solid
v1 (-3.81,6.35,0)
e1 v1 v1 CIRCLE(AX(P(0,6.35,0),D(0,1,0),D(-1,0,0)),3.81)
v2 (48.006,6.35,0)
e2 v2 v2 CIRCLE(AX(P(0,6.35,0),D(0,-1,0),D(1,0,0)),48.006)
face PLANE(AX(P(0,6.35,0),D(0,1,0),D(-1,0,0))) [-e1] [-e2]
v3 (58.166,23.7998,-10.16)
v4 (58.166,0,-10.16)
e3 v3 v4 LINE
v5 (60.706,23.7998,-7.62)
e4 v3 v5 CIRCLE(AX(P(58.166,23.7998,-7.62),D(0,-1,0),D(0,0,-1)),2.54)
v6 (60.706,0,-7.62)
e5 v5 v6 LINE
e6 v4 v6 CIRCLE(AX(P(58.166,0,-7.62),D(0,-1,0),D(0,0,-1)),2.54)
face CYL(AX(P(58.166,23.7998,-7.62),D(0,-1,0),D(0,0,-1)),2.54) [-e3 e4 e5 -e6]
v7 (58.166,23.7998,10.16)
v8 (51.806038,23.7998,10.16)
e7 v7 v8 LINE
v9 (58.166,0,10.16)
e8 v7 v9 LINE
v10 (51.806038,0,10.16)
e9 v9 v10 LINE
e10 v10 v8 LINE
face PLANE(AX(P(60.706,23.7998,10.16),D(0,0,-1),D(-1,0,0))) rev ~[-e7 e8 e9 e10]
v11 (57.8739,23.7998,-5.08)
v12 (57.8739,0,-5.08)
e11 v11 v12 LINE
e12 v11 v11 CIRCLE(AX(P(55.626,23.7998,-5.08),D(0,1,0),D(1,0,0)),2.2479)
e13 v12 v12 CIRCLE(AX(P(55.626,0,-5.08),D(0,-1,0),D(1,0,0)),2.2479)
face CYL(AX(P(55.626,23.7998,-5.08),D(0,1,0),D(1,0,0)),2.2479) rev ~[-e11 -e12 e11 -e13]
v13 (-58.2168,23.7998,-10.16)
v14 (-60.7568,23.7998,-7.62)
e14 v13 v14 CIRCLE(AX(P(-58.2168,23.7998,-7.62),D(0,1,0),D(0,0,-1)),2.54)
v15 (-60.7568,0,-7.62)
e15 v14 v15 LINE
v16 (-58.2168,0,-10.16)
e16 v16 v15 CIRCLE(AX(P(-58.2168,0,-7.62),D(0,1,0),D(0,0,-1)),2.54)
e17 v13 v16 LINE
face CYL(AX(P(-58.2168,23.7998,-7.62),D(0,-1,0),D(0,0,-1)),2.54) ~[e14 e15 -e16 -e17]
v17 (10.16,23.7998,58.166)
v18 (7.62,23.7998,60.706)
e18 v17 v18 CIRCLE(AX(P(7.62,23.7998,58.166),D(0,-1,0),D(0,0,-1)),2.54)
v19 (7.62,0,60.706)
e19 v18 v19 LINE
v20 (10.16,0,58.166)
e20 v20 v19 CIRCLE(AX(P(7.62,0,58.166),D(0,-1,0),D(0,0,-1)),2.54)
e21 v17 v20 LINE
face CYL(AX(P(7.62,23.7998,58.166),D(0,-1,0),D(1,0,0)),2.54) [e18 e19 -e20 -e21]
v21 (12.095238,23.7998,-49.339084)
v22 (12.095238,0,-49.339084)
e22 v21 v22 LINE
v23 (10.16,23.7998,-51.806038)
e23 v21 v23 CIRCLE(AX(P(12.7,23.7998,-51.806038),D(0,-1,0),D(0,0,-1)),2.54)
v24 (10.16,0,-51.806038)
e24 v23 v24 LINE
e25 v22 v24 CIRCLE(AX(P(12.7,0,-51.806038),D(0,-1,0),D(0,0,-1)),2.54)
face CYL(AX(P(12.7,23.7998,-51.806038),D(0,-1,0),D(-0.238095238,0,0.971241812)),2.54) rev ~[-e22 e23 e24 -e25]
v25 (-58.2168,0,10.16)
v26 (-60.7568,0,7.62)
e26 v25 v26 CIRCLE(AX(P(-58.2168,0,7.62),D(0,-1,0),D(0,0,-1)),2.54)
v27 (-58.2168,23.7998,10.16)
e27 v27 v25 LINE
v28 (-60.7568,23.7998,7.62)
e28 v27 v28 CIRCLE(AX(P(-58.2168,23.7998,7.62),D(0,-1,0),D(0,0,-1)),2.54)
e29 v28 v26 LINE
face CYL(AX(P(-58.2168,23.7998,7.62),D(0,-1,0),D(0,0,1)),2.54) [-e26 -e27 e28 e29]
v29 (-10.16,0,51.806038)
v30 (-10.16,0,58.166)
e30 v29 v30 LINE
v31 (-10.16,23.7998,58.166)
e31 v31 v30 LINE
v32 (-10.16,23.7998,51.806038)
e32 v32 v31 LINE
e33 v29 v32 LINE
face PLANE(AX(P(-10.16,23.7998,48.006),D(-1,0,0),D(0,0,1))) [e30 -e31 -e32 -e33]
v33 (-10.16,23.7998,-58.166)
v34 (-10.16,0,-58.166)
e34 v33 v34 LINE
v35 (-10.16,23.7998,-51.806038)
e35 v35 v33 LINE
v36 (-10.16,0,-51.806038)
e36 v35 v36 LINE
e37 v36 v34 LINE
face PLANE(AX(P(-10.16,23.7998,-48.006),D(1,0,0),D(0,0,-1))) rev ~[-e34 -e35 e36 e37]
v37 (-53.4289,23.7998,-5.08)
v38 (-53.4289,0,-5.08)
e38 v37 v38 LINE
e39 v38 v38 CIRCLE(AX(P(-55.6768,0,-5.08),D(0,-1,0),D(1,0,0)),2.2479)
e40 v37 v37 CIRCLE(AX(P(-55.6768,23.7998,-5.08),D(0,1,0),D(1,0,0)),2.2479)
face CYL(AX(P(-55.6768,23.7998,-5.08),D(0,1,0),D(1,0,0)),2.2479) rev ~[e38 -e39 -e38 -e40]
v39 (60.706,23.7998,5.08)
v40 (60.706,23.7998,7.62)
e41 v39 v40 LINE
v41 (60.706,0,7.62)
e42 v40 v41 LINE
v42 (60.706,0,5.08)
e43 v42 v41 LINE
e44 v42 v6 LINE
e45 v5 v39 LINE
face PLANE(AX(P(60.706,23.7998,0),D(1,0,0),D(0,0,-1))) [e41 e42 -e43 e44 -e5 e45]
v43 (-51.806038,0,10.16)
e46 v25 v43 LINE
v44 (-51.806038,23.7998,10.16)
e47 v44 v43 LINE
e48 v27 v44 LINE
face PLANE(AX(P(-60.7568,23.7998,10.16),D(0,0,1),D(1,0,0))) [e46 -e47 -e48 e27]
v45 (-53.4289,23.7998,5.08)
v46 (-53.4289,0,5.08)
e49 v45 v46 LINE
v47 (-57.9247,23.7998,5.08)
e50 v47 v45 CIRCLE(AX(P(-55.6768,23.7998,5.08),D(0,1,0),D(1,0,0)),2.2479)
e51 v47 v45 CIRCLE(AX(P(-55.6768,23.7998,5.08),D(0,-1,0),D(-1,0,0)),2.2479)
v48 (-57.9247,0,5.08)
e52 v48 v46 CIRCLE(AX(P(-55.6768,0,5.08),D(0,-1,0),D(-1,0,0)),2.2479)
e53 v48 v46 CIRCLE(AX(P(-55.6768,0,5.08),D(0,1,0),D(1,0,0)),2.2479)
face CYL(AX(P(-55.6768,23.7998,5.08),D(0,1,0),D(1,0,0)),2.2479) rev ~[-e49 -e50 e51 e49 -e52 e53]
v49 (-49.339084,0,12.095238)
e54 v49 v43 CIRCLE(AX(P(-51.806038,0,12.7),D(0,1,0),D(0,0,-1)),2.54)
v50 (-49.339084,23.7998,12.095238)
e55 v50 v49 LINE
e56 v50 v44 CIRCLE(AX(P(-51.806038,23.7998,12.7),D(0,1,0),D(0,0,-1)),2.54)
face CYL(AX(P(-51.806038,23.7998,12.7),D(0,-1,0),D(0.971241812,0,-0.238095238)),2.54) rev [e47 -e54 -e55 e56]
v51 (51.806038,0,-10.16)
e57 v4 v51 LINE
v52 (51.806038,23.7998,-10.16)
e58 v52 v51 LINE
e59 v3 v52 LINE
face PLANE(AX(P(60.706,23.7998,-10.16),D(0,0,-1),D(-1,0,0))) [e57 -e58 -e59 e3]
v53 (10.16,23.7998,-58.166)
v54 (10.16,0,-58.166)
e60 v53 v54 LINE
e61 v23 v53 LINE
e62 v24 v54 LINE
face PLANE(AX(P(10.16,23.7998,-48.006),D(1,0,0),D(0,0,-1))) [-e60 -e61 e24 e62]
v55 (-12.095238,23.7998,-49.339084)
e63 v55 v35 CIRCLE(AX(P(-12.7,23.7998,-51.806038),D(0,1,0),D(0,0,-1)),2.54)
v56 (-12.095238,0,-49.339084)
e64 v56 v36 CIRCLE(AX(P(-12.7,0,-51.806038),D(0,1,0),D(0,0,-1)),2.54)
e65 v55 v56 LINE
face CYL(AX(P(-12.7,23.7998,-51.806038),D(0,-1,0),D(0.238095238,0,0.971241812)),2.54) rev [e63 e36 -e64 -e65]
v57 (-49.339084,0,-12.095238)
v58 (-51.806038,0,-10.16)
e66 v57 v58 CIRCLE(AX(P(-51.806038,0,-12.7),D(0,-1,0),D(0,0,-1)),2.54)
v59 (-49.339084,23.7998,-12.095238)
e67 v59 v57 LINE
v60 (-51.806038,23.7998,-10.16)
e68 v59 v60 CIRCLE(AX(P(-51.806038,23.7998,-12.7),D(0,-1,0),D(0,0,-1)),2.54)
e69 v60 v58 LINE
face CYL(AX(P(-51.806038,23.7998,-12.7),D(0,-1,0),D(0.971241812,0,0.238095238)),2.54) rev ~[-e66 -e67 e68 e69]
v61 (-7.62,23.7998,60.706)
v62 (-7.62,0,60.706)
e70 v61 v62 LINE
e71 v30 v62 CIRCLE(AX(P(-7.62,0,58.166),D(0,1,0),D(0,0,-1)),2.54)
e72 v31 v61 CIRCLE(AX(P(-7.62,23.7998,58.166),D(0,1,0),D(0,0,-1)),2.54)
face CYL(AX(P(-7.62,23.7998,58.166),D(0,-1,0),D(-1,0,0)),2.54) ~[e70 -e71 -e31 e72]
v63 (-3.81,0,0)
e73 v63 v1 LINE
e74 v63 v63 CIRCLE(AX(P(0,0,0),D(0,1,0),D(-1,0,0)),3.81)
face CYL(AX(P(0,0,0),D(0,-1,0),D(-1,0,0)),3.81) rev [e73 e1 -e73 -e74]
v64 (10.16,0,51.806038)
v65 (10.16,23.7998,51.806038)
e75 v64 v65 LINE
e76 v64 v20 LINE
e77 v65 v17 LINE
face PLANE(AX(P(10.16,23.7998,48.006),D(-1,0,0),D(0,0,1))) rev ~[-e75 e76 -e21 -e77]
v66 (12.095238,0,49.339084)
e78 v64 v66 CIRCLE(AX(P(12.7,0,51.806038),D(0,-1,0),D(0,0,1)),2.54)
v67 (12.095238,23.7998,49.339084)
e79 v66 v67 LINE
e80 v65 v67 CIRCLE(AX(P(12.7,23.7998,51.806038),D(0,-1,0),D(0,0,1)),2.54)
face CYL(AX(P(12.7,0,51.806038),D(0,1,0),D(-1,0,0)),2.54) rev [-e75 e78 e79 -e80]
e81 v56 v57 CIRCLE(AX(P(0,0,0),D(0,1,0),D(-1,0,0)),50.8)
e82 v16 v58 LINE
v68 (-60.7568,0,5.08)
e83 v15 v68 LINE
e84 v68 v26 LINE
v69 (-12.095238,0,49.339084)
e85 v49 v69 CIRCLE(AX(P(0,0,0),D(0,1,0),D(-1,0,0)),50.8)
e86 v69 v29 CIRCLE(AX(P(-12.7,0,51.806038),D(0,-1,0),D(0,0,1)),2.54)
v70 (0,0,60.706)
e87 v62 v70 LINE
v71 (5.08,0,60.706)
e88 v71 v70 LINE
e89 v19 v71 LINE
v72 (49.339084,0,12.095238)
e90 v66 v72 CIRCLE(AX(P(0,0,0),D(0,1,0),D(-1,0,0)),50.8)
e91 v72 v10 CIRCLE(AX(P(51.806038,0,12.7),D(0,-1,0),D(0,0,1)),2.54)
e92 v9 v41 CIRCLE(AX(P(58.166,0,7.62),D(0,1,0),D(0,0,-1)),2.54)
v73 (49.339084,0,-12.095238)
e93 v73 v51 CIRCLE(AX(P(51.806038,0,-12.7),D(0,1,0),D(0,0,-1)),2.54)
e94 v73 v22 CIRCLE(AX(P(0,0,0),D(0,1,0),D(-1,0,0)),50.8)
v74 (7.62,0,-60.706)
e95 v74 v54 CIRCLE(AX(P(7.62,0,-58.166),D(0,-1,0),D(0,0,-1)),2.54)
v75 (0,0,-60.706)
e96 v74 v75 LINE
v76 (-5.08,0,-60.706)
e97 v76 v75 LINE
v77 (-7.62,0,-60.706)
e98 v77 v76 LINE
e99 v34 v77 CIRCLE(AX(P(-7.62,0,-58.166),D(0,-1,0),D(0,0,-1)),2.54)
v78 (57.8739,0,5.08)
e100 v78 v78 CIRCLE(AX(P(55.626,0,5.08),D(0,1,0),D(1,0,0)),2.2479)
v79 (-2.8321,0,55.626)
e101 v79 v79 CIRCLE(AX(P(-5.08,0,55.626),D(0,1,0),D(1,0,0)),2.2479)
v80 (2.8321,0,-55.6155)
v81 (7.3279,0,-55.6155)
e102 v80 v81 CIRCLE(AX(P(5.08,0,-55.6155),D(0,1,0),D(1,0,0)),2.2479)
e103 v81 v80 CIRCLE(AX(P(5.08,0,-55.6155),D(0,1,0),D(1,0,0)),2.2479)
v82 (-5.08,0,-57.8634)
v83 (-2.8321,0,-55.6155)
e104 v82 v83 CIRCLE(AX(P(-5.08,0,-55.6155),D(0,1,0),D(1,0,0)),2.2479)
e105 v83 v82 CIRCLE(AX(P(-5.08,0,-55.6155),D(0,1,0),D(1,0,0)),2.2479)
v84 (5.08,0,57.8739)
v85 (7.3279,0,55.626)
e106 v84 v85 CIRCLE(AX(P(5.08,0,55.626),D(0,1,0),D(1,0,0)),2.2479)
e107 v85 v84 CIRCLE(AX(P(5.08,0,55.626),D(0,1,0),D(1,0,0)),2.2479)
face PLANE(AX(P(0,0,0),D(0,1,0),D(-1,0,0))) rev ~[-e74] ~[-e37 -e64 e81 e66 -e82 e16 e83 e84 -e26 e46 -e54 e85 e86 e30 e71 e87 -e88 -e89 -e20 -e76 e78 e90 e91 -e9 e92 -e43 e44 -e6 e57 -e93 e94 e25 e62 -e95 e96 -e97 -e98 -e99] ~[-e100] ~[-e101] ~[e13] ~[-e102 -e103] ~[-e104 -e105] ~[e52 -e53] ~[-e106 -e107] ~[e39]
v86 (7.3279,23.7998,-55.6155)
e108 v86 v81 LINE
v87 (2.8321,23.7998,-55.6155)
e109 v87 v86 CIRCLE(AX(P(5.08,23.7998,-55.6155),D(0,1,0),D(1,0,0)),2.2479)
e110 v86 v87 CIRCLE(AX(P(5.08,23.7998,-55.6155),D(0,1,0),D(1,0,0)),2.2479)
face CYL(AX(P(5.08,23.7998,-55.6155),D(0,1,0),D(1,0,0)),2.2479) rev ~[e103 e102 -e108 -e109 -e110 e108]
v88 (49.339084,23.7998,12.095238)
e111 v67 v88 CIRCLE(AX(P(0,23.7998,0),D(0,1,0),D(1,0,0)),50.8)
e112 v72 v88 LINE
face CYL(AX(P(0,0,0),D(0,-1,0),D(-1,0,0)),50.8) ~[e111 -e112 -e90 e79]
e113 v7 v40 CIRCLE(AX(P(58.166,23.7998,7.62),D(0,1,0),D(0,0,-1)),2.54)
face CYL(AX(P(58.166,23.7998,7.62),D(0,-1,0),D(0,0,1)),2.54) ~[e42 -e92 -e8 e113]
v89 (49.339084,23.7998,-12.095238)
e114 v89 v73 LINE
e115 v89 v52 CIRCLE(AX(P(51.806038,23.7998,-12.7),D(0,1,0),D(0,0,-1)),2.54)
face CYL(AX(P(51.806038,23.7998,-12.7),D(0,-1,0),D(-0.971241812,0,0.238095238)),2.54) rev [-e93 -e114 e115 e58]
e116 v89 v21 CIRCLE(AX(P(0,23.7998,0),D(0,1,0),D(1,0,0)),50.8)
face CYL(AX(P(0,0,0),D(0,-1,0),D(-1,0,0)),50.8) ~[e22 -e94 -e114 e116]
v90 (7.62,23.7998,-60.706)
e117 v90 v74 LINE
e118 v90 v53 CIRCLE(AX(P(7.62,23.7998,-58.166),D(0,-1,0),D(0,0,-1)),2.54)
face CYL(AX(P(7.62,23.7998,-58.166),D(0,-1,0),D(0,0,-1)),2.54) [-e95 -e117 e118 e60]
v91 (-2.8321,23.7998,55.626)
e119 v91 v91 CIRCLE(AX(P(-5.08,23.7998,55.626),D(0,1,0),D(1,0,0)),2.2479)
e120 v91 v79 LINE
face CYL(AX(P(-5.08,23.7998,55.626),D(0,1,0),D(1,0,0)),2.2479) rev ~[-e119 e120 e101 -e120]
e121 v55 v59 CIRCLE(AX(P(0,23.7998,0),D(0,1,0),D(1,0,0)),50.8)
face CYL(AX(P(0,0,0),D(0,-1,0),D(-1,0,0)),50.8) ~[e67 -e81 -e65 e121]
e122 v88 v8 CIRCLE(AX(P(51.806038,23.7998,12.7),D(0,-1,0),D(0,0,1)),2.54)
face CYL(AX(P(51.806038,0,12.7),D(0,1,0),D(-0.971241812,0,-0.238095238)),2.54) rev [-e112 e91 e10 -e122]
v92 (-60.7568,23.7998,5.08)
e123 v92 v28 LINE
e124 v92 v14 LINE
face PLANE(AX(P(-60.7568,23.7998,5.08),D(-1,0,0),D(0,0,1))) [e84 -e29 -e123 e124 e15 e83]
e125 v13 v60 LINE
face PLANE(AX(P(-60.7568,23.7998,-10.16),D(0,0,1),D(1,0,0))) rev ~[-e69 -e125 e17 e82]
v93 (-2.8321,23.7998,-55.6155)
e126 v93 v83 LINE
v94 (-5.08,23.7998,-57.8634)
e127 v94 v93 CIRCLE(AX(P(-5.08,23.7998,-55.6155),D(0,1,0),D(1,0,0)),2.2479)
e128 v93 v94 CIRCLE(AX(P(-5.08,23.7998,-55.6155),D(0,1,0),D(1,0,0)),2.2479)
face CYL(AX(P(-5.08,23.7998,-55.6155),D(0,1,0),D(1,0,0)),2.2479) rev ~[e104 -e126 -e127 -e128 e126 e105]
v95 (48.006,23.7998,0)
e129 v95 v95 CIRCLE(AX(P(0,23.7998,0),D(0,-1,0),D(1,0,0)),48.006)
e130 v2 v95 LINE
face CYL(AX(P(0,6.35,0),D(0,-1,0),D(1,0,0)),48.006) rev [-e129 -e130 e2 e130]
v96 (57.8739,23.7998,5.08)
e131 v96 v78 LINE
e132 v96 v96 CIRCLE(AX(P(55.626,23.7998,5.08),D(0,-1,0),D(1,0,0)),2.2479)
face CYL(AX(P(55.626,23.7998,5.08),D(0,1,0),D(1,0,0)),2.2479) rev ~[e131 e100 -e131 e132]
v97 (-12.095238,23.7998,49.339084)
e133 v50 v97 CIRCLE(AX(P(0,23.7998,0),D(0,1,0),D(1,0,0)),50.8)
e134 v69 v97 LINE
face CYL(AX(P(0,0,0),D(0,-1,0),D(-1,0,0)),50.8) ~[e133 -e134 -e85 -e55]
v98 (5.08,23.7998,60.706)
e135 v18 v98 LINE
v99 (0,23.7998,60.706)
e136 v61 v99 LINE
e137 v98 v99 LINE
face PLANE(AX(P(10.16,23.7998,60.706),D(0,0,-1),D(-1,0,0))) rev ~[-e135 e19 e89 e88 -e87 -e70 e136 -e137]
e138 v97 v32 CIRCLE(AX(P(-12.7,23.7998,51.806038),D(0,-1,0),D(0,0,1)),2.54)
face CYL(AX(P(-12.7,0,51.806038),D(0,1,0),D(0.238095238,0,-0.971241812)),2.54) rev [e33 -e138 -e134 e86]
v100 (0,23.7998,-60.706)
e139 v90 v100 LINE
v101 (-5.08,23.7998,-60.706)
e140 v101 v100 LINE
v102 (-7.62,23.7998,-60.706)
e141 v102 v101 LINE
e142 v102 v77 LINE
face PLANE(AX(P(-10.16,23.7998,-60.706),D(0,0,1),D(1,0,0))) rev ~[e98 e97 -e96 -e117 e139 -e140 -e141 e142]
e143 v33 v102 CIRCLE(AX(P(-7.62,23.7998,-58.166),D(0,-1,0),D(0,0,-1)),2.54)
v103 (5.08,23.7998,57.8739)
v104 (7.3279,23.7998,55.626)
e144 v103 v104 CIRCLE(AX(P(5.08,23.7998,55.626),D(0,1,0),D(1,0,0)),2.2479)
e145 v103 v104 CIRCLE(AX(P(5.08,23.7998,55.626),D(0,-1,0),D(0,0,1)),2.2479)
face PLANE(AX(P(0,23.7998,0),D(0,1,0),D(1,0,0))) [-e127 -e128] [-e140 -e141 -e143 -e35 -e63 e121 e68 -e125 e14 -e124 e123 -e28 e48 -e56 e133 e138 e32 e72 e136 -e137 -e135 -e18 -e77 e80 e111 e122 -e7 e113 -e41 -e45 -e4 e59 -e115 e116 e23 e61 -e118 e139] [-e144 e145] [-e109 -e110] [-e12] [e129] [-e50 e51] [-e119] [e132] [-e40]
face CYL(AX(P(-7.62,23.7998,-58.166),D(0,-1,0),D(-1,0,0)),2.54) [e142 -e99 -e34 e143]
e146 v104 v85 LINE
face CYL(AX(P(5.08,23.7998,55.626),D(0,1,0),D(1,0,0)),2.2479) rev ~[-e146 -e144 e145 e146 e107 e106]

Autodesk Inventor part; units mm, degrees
ref_plane "YZ Plane" through (0, 0, 0) normal (1, 0, 0) x (0, 1, 0)
ref_plane "XZ Plane" through (0, 0, 0) normal (0, 1, 0) x (-1, 0, 0)
ref_plane "XY Plane" through (0, 0, 0) normal (0, 0, 1) x (1, 0, 0)
sketch "Sketch1" plane through (0, 0, 0) normal (0, 1, 0) x (-1, 0, 0)
  circle A0 centre (0, 0) radius 50.8
  circle A1 centre (0, 0) radius 3.81
  dimension "d0" = 101.6
  dimension "d1" = 7.62
extrude "Extrusion1" add sketch "Sketch1" along normal blind 6.35
sketch "Sketch2" plane through (0, 6.35, 0) normal (0, 1, 0) x (1, 0, 0)
  circle A0 centre (0, 0) radius 3.81 projected
  circle A1 centre (0, 0) radius 50.8
  circle A2 centre (0, 0) radius 48.006
  dimension "d4" = 96.012
extrude "Extrusion2" add sketch "Sketch2" along normal blind 17.4498 contours A1
fillet "Fillet1" [suppressed]
sketch "Sketch3" plane through (0, 23.7998, 0) normal (0, 1, 0) x (1, 0, 0)
  circle A0 centre (0, 0) radius 48.006 projected
  line L0 (0, 48.006) -> (10.16, 48.006)
  line L1 (10.16, 48.006) -> (10.16, 60.706)
  line L2 (10.16, 60.706) -> (0, 60.706)
  line L3 (0, 60.706) -> (0, 55.6155)
  line L4 (0, 48.006) -> (-10.16, 48.006)
  line L5 (-10.16, 48.006) -> (-10.16, 60.706)
  line L6 (-10.16, 60.706) -> (0, 60.706)
  line L7 (0, 60.706) -> (0, 55.6155)
  line L8 (-55.6768, 0) -> (-60.7568, 0)
  line L9 (-60.7568, 0) -> (-60.7568, 10.16)
  line L10 (-60.7568, 10.16) -> (-48.0568, 10.16)
  line L11 (-48.0568, 10.16) -> (-48.0568, 0)
  line L12 (-55.6768, 0) -> (-60.7568, 0)
  line L13 (-60.7568, 0) -> (-60.7568, -10.16)
  line L14 (-60.7568, -10.16) -> (-48.0568, -10.16)
  line L15 (-48.0568, -10.16) -> (-48.0568, 0)
  line L16 (0, -48.006) -> (10.16, -48.006)
  line L17 (10.16, -48.006) -> (10.16, -60.706)
  line L18 (10.16, -60.706) -> (0, -60.706)
  line L19 (0, -60.706) -> (0, -55.626)
  line L20 (0, -48.006) -> (-10.16, -48.006)
  line L21 (-10.16, -48.006) -> (-10.16, -60.706)
  line L22 (-10.16, -60.706) -> (0, -60.706)
  line L23 (0, -60.706) -> (0, -55.626)
  line L24 (48.006, 0) -> (55.626, 0)
  line L25 (60.706, 0) -> (60.706, 10.16)
  line L26 (60.706, 10.16) -> (48.006, 10.16)
  line L27 (48.006, 10.16) -> (48.006, 0)
  line L28 (48.006, 0) -> (55.626, 0)
  line L29 (60.706, 0) -> (60.706, -10.16)
  line L30 (60.706, -10.16) -> (48.006, -10.16)
  line L31 (48.006, -10.16) -> (48.006, 0)
  line L32 (5.08, -60.706) -> (5.08, -57.8739)
  line L33 (60.706, -5.08) -> (57.8739, -5.08)
  line L34 (-60.7568, -5.08) -> (-57.9247, -5.08)
  line L35 (-5.08, 60.706) -> (-5.08, 55.6155)
  circle A1 centre (-5.08, 55.6155) radius 2.2479
  circle A2 centre (5.08, 55.6155) radius 2.2479
  circle A3 centre (55.626, 5.08) radius 2.2479
  circle A4 centre (55.626, -5.08) radius 2.2479
  circle A5 centre (5.08, -55.626) radius 2.2479
  circle A6 centre (-5.08, -55.626) radius 2.2479
  circle A7 centre (-55.6768, 5.08) radius 2.2479
  circle A8 centre (-55.6768, -5.08) radius 2.2479
  line L36 (-55.6768, -5.08) -> (-55.6768, -2.8321)
  line L37 (-55.6768, 2.8321) -> (-55.6768, 5.08)
  line L38 (0, 55.6155) -> (5.08, 55.6155)
  line L39 (55.626, -5.08) -> (55.626, -2.8321)
  line L40 (55.626, 2.8321) -> (55.626, 5.08)
  line L41 (5.08, -55.626) -> (2.8321, -55.626)
  line L42 (0, -55.626) -> (-5.08, -55.626)
  point P0 (0, -60.706)
  dimension "d25" = 4.4958
  dimension "d29" = 4.4958
  dimension "d8" = 10.16
  dimension "d9" = 12.7
  dimension "d10" = 12.7
  dimension "d11" = 10.16
  dimension "d12" = 10.16
  dimension "d13" = 10.16
  dimension "d14" = 12.7
  dimension "d15" = 10.16
  dimension "d16" = 10.16
  dimension "d17" = 12.7
  dimension "d18" = 10.16
  dimension "d19" = 10.16
  dimension "d20" = 5.08
  dimension "d21" = 5.08
  dimension "d22" = 5.08
  dimension "d23" = 4.4958
  dimension "d24" = 4.4958
  dimension "d26" = 4.4958
  dimension "d27" = 4.4958
  dimension "d28" = 4.4958
  dimension "d30" = 4.4958
extrude "Extrusion3" add sketch "Sketch3" against normal up to surface (23.7998 mm away) contours L16 L17 L18 L22 L21 L20 | L4 L5 L6 L2 L1 L0 | L27 L26 L25 L29 L30 L31 | L9 L10 L11 L15 L14 L13
fillet "Fillet2" radius 2.54 16 edges at (-49.7736, 11.8999, 10.16) (-60.7568, 11.8999, 10.16) (-60.7568, 11.8999, -10.16) (-49.7736, 11.8999, -10.16) (-10.16, 11.8999, -49.7736) (-10.16, 11.8999, -60.706) (10.16, 11.8999, -60.706) (10.16, 11.8999, -49.7736) (49.7736, 11.8999, -10.16) (60.706, 11.8999, -10.16) (60.706, 11.8999, 10.16) (49.7736, 11.8999, 10.16) (10.16, 11.8999, 49.7736) (10.16, 11.8999, 60.706) (-10.16, 11.8999, 60.706) (-10.16, 11.8999, 49.7736)
properties part number "RingCase_3DPrint"
